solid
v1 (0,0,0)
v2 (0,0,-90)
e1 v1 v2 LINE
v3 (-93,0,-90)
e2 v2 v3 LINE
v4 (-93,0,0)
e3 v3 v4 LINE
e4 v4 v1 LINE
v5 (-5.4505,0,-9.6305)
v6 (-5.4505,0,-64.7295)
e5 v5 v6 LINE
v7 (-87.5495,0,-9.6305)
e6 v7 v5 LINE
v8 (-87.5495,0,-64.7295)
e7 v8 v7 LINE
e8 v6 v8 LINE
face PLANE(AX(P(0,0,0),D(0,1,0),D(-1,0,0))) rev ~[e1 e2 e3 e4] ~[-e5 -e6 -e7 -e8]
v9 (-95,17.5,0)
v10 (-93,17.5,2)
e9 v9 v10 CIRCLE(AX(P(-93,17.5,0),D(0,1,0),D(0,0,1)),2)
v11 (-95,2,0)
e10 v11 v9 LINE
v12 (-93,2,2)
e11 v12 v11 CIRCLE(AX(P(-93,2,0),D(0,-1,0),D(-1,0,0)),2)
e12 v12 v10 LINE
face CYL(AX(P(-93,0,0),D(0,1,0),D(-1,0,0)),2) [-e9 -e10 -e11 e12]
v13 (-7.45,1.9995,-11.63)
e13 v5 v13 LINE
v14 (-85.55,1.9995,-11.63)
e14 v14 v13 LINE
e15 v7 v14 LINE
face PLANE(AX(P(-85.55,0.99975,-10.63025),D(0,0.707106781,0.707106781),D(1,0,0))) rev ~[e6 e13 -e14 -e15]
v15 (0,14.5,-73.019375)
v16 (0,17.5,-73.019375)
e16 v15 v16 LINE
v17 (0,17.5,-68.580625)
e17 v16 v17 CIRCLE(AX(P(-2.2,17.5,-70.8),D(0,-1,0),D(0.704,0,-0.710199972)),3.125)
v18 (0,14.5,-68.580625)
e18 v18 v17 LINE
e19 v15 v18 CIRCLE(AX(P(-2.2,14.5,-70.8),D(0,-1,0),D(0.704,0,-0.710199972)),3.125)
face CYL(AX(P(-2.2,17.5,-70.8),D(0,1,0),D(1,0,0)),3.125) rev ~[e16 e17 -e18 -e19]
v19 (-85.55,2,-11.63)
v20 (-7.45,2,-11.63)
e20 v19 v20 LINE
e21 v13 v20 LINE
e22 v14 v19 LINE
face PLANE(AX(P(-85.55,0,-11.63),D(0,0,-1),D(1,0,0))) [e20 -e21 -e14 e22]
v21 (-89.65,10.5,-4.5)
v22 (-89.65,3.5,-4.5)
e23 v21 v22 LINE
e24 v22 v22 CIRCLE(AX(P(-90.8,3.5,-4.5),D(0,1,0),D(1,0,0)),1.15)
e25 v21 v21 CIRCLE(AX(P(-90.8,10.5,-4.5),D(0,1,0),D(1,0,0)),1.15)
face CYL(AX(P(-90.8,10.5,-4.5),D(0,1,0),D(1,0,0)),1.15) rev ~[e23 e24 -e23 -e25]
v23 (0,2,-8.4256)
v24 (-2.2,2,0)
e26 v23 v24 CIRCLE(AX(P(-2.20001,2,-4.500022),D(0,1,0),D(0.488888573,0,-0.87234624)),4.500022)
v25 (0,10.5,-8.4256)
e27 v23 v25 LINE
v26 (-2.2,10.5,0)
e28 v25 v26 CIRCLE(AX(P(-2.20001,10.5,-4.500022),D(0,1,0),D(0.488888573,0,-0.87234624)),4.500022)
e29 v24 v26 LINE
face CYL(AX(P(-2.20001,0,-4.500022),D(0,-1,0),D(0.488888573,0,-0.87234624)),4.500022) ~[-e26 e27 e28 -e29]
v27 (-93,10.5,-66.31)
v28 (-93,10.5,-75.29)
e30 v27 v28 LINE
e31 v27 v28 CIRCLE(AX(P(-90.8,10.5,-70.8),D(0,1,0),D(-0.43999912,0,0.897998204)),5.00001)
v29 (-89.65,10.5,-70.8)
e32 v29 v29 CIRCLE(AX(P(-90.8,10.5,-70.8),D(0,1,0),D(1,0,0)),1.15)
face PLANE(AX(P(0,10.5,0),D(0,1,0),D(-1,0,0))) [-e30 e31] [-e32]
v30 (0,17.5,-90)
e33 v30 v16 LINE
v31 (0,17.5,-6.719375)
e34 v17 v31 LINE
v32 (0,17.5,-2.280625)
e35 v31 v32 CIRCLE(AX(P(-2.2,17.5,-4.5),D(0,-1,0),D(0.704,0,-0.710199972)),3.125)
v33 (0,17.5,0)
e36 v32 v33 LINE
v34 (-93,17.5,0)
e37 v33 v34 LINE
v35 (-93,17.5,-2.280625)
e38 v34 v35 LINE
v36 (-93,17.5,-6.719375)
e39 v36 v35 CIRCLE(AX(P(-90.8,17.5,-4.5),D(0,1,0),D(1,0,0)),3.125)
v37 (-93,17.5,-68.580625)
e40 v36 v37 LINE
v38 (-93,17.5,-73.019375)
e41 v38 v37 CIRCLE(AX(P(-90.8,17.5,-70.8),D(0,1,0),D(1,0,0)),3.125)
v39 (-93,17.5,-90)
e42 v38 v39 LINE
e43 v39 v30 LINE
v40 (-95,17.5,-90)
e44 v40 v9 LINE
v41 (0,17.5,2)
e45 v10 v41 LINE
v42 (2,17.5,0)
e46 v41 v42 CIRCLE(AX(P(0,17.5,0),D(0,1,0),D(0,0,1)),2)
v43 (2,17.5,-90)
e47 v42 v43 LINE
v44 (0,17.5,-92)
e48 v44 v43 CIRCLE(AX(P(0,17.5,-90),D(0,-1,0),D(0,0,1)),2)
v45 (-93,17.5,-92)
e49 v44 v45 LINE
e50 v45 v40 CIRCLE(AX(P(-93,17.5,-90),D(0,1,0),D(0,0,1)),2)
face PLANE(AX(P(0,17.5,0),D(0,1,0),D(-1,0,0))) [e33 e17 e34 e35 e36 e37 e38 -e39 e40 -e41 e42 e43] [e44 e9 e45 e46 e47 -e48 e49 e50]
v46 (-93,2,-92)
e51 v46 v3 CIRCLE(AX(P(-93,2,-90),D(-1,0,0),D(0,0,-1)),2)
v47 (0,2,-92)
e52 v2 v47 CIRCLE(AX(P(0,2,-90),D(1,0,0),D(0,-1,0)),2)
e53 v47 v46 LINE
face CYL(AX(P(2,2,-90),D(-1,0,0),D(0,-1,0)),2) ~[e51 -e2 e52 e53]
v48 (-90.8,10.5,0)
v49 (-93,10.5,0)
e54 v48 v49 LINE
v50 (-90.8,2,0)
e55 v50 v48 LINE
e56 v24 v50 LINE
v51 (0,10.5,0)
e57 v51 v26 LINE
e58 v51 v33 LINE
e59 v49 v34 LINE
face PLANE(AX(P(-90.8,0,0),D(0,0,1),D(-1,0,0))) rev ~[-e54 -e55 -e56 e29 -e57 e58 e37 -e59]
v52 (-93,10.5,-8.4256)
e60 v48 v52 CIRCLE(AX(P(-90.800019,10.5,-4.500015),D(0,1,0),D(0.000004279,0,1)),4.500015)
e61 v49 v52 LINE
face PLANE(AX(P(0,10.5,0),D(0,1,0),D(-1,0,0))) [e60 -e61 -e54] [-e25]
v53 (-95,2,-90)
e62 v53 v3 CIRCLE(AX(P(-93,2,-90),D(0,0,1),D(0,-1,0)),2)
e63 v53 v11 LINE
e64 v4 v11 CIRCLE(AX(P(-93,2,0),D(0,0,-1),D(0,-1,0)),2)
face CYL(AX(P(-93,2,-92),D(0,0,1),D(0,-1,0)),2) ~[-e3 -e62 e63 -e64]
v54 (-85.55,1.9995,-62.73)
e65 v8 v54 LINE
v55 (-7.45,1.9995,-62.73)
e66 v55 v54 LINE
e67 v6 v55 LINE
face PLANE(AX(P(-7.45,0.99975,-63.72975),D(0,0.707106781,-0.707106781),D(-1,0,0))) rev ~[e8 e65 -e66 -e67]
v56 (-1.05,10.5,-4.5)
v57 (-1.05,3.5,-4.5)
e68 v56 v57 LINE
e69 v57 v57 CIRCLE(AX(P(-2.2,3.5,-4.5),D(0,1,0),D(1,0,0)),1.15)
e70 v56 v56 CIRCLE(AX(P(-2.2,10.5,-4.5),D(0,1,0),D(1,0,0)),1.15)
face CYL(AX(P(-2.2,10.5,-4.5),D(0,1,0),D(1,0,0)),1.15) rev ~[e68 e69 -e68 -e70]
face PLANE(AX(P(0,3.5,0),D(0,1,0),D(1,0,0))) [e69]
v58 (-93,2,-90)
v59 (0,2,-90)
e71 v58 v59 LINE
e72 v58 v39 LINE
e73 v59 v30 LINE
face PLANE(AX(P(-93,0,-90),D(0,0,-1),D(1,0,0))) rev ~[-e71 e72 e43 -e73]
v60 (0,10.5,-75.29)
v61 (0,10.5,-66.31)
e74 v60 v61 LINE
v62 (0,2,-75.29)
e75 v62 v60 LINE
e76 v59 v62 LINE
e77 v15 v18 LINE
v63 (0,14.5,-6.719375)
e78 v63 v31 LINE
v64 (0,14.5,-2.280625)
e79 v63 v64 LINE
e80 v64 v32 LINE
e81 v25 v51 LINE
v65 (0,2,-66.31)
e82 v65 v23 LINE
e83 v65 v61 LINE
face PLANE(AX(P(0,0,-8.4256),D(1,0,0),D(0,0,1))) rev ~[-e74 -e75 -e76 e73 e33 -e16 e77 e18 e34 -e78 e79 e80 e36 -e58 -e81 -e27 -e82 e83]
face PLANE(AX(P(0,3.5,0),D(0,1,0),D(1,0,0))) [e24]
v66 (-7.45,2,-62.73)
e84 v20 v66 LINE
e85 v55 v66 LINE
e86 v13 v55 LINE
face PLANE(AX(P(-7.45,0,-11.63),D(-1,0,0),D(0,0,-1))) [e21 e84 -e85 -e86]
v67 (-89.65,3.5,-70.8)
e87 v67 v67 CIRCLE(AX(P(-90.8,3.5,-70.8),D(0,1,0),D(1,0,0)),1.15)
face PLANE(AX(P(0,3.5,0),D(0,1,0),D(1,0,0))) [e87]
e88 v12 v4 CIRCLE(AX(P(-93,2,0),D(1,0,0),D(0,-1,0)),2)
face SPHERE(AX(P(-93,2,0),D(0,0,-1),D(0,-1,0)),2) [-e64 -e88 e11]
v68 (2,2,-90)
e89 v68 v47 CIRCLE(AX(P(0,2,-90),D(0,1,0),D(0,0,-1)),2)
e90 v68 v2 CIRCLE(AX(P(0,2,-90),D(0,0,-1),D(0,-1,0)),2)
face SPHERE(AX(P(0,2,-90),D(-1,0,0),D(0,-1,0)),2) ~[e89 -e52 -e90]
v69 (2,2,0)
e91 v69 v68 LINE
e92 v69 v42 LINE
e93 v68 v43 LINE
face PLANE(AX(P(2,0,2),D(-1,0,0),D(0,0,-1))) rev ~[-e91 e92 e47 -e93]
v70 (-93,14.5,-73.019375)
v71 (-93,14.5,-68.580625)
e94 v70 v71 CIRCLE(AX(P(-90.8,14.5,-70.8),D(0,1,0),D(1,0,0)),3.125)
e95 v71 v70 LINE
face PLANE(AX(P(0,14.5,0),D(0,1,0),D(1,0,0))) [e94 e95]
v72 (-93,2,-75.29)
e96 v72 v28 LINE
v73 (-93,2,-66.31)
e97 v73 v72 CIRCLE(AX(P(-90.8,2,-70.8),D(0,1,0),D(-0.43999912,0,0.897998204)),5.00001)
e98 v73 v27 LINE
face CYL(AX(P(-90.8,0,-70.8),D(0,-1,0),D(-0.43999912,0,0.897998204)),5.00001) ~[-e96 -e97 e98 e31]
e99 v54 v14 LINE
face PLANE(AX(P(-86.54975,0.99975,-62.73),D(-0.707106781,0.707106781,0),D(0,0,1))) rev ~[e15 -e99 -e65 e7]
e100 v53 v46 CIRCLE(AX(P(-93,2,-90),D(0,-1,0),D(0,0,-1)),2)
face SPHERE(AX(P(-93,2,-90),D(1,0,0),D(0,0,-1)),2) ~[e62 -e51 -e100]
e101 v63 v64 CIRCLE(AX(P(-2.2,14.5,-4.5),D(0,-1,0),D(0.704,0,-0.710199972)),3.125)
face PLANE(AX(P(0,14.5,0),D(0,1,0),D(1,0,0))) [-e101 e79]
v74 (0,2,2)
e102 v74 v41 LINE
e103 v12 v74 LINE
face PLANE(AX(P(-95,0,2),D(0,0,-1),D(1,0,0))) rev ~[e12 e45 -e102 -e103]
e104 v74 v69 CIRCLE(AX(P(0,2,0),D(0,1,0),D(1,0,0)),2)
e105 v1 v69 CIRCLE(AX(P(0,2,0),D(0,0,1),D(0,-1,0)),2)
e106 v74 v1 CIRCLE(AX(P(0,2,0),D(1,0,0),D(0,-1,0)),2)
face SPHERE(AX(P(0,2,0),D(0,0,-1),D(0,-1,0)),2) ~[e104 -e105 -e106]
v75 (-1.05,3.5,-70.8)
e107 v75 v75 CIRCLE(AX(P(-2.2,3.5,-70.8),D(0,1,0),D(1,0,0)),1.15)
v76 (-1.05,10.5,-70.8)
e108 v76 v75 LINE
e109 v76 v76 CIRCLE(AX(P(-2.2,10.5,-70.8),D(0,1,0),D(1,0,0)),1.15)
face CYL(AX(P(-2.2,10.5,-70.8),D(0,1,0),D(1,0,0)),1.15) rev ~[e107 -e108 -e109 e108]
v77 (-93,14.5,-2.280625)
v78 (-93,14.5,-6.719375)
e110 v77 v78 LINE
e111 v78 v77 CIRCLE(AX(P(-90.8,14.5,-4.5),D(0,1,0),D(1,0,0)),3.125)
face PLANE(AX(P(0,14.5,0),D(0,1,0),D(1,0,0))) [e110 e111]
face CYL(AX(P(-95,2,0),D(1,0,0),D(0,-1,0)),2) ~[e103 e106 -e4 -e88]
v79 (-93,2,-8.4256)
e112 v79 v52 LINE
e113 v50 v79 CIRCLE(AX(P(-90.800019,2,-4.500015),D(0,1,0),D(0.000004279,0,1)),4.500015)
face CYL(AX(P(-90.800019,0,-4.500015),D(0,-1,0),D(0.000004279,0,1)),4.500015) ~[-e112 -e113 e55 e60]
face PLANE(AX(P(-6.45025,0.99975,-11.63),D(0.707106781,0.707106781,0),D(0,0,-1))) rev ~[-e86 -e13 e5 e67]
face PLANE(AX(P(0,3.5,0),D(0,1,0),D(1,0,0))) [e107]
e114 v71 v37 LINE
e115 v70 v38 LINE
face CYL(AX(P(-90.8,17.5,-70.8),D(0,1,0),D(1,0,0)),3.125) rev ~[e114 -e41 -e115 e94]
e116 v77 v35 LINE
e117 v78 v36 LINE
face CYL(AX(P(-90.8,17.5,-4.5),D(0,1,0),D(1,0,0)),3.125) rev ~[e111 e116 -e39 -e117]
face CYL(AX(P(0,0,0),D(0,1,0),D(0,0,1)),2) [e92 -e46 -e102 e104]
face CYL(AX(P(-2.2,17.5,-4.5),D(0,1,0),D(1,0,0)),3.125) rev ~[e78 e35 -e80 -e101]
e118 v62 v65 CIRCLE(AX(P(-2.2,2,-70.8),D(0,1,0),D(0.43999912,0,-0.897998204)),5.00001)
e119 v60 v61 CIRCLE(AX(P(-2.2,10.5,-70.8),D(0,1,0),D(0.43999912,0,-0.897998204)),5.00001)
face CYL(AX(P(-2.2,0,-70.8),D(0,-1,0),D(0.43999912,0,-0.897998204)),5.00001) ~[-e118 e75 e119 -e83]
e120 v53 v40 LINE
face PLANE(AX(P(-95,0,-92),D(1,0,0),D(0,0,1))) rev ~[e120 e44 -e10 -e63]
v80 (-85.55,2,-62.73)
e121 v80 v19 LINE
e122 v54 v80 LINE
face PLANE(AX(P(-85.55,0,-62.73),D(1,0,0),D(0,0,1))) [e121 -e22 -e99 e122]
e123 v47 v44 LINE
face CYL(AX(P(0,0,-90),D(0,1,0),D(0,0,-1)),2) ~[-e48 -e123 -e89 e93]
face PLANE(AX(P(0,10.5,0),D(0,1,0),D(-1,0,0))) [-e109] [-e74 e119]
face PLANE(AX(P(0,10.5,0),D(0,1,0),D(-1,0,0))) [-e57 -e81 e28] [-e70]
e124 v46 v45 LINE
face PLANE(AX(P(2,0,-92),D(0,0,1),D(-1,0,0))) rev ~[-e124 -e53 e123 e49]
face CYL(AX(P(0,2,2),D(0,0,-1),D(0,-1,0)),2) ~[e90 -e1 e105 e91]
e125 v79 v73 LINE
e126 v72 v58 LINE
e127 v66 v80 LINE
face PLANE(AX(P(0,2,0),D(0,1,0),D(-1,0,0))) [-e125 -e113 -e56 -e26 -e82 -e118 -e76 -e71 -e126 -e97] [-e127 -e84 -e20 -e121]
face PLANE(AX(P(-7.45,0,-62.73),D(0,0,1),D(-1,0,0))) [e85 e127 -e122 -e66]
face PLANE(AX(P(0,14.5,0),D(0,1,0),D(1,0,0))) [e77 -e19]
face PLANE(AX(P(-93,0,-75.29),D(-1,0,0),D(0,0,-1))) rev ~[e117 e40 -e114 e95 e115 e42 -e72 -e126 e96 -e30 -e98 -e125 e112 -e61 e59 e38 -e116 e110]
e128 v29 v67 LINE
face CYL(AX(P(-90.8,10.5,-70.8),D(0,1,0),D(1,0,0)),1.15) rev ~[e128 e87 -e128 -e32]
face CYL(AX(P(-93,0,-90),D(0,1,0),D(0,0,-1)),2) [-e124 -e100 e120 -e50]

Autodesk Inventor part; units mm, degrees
ref_plane "YZ Plane" through (0, 0, 0) normal (1, 0, 0) x (0, 1, 0)
ref_plane "XZ Plane" through (0, 0, 0) normal (0, 1, 0) x (-1, 0, 0)
ref_plane "XY Plane" through (0, 0, 0) normal (0, 0, 1) x (1, 0, 0)
sketch "Sketch1" plane through (0, 0, 0) normal (0, 1, 0) x (-1, 0, 0)
  line L0 (0, 0) -> (93, 0)
  line L1 (93, 0) -> (93, -90)
  line L2 (93, -90) -> (0, -90)
  line L3 (0, -90) -> (0, 0)
  line L4 (95, -92) -> (95, 2)
  line L5 (95, 2) -> (-2, 2)
  line L6 (-2, 2) -> (-2, -92)
  line L7 (-2, -92) -> (95, -92)
  line L8 (85.55, -11.63) -> (7.45, -11.63)
  line L9 (7.45, -11.63) -> (7.45, -62.73)
  line L10 (7.45, -62.73) -> (85.55, -62.73)
  line L11 (85.55, -62.73) -> (85.55, -11.63)
  line L12 (82.5, -17.18) -> (10.5, -17.18)
  line L13 (10.5, -17.18) -> (10.5, -57.18)
  line L14 (10.5, -57.18) -> (82.5, -57.18)
  line L15 (82.5, -57.18) -> (82.5, -17.18)
  arc A0 (90.8, 0) -> (93, -8.4256) centre (90.8, -4.5) ccw
  arc A1 (0, -8.4256) -> (2.2, 0) centre (2.2, -4.5) ccw
  arc A2 (93, -66.31) -> (93, -75.29) centre (90.8, -70.8) ccw
  arc A3 (0, -75.29) -> (0, -66.31) centre (2.2, -70.8) ccw
  point P0 (10.5, -37.18)
  point P1 (7.45, -37.18)
  point P2 (46.5, -62.73)
  point P3 (46.5, -57.18)
  dimension "d0" = 93
  dimension "d1" = 90
  dimension "d2" = 2
  dimension "d7" = 78.1
  dimension "d8" = 51.1
  dimension "d9" = 72
  dimension "d10" = 40
extrude "Extrusion1" add sketch "Sketch1" along normal blind 2 contours L0 A0 L1 A2 L2 L3 A3 A1
extrude "Extrusion2" add sketch "Sketch1" along normal blind 10.5 contours L0 A1 L3 | L0 L1 A0 | A3 L3 | L1 A2
extrude "Extrusion3" add sketch "Sketch1" along normal blind 17.5 contours L7 L6 L5 L4
chamfer "Chamfer1" distance 2 angle 45 4 edges at (-46.5, 0, -11.63) (-85.55, 0, -37.18) (-7.45, 0, -37.18) (-46.5, 0, -62.73)
fillet "Fillet1" radius 2 8 edges at (-46.5, 0, -92) (2, 0, -45) (2, 8.75, -92) (-95, 8.75, -92) (-95, 0, -45) (-46.5, 0, 2) (-95, 8.75, 2) (2, 8.75, 2)
sketch "Sketch2" plane through (0, 10.5, 0) normal (0, 1, 0) x (1, 0, 0)
  circle A0 centre (-90.8, 4.5) radius 1.15
  circle A1 centre (-90.8, 70.8) radius 1.15
  circle A2 centre (-2.2, 70.8) radius 1.15
  circle A3 centre (-2.2, 4.5) radius 1.15
  point P0 (0, 0)
  dimension "d26" = 2.3
  dimension "d27" = 2.3
  dimension "d28" = 2.3
  dimension "d29" = 2.3
extrude "Extrusion4" cut sketch "Sketch2" against normal blind 7
sketch "Sketch3" plane through (0, 17.5, 0) normal (0, 1, 0) x (1, 0, 0)
  circle A0 centre (-2.2, 4.5) radius 1.15 projected
  circle A1 centre (-90.8, 4.5) radius 1.15 projected
  circle A2 centre (-90.8, 70.8) radius 1.15 projected
  circle A3 centre (-2.2, 70.8) radius 1.15 projected
  circle A4 centre (-90.8, 70.8) radius 3.125
  circle A5 centre (-90.8, 4.5) radius 3.125
  circle A6 centre (-2.2, 4.5) radius 3.125
  circle A7 centre (-2.2, 70.8) radius 3.125
  point P0 (0, 0)
  dimension "d32" = 6.25
  dimension "d33" = 6.25
  dimension "d34" = 6.25
  dimension "d35" = 6.25
extrude "Extrusion5" cut sketch "Sketch3" against normal blind 3 contours A0 | A1 | A2 | A3 | A4 | A5 | A6 | A7
properties part number "caseFront"
